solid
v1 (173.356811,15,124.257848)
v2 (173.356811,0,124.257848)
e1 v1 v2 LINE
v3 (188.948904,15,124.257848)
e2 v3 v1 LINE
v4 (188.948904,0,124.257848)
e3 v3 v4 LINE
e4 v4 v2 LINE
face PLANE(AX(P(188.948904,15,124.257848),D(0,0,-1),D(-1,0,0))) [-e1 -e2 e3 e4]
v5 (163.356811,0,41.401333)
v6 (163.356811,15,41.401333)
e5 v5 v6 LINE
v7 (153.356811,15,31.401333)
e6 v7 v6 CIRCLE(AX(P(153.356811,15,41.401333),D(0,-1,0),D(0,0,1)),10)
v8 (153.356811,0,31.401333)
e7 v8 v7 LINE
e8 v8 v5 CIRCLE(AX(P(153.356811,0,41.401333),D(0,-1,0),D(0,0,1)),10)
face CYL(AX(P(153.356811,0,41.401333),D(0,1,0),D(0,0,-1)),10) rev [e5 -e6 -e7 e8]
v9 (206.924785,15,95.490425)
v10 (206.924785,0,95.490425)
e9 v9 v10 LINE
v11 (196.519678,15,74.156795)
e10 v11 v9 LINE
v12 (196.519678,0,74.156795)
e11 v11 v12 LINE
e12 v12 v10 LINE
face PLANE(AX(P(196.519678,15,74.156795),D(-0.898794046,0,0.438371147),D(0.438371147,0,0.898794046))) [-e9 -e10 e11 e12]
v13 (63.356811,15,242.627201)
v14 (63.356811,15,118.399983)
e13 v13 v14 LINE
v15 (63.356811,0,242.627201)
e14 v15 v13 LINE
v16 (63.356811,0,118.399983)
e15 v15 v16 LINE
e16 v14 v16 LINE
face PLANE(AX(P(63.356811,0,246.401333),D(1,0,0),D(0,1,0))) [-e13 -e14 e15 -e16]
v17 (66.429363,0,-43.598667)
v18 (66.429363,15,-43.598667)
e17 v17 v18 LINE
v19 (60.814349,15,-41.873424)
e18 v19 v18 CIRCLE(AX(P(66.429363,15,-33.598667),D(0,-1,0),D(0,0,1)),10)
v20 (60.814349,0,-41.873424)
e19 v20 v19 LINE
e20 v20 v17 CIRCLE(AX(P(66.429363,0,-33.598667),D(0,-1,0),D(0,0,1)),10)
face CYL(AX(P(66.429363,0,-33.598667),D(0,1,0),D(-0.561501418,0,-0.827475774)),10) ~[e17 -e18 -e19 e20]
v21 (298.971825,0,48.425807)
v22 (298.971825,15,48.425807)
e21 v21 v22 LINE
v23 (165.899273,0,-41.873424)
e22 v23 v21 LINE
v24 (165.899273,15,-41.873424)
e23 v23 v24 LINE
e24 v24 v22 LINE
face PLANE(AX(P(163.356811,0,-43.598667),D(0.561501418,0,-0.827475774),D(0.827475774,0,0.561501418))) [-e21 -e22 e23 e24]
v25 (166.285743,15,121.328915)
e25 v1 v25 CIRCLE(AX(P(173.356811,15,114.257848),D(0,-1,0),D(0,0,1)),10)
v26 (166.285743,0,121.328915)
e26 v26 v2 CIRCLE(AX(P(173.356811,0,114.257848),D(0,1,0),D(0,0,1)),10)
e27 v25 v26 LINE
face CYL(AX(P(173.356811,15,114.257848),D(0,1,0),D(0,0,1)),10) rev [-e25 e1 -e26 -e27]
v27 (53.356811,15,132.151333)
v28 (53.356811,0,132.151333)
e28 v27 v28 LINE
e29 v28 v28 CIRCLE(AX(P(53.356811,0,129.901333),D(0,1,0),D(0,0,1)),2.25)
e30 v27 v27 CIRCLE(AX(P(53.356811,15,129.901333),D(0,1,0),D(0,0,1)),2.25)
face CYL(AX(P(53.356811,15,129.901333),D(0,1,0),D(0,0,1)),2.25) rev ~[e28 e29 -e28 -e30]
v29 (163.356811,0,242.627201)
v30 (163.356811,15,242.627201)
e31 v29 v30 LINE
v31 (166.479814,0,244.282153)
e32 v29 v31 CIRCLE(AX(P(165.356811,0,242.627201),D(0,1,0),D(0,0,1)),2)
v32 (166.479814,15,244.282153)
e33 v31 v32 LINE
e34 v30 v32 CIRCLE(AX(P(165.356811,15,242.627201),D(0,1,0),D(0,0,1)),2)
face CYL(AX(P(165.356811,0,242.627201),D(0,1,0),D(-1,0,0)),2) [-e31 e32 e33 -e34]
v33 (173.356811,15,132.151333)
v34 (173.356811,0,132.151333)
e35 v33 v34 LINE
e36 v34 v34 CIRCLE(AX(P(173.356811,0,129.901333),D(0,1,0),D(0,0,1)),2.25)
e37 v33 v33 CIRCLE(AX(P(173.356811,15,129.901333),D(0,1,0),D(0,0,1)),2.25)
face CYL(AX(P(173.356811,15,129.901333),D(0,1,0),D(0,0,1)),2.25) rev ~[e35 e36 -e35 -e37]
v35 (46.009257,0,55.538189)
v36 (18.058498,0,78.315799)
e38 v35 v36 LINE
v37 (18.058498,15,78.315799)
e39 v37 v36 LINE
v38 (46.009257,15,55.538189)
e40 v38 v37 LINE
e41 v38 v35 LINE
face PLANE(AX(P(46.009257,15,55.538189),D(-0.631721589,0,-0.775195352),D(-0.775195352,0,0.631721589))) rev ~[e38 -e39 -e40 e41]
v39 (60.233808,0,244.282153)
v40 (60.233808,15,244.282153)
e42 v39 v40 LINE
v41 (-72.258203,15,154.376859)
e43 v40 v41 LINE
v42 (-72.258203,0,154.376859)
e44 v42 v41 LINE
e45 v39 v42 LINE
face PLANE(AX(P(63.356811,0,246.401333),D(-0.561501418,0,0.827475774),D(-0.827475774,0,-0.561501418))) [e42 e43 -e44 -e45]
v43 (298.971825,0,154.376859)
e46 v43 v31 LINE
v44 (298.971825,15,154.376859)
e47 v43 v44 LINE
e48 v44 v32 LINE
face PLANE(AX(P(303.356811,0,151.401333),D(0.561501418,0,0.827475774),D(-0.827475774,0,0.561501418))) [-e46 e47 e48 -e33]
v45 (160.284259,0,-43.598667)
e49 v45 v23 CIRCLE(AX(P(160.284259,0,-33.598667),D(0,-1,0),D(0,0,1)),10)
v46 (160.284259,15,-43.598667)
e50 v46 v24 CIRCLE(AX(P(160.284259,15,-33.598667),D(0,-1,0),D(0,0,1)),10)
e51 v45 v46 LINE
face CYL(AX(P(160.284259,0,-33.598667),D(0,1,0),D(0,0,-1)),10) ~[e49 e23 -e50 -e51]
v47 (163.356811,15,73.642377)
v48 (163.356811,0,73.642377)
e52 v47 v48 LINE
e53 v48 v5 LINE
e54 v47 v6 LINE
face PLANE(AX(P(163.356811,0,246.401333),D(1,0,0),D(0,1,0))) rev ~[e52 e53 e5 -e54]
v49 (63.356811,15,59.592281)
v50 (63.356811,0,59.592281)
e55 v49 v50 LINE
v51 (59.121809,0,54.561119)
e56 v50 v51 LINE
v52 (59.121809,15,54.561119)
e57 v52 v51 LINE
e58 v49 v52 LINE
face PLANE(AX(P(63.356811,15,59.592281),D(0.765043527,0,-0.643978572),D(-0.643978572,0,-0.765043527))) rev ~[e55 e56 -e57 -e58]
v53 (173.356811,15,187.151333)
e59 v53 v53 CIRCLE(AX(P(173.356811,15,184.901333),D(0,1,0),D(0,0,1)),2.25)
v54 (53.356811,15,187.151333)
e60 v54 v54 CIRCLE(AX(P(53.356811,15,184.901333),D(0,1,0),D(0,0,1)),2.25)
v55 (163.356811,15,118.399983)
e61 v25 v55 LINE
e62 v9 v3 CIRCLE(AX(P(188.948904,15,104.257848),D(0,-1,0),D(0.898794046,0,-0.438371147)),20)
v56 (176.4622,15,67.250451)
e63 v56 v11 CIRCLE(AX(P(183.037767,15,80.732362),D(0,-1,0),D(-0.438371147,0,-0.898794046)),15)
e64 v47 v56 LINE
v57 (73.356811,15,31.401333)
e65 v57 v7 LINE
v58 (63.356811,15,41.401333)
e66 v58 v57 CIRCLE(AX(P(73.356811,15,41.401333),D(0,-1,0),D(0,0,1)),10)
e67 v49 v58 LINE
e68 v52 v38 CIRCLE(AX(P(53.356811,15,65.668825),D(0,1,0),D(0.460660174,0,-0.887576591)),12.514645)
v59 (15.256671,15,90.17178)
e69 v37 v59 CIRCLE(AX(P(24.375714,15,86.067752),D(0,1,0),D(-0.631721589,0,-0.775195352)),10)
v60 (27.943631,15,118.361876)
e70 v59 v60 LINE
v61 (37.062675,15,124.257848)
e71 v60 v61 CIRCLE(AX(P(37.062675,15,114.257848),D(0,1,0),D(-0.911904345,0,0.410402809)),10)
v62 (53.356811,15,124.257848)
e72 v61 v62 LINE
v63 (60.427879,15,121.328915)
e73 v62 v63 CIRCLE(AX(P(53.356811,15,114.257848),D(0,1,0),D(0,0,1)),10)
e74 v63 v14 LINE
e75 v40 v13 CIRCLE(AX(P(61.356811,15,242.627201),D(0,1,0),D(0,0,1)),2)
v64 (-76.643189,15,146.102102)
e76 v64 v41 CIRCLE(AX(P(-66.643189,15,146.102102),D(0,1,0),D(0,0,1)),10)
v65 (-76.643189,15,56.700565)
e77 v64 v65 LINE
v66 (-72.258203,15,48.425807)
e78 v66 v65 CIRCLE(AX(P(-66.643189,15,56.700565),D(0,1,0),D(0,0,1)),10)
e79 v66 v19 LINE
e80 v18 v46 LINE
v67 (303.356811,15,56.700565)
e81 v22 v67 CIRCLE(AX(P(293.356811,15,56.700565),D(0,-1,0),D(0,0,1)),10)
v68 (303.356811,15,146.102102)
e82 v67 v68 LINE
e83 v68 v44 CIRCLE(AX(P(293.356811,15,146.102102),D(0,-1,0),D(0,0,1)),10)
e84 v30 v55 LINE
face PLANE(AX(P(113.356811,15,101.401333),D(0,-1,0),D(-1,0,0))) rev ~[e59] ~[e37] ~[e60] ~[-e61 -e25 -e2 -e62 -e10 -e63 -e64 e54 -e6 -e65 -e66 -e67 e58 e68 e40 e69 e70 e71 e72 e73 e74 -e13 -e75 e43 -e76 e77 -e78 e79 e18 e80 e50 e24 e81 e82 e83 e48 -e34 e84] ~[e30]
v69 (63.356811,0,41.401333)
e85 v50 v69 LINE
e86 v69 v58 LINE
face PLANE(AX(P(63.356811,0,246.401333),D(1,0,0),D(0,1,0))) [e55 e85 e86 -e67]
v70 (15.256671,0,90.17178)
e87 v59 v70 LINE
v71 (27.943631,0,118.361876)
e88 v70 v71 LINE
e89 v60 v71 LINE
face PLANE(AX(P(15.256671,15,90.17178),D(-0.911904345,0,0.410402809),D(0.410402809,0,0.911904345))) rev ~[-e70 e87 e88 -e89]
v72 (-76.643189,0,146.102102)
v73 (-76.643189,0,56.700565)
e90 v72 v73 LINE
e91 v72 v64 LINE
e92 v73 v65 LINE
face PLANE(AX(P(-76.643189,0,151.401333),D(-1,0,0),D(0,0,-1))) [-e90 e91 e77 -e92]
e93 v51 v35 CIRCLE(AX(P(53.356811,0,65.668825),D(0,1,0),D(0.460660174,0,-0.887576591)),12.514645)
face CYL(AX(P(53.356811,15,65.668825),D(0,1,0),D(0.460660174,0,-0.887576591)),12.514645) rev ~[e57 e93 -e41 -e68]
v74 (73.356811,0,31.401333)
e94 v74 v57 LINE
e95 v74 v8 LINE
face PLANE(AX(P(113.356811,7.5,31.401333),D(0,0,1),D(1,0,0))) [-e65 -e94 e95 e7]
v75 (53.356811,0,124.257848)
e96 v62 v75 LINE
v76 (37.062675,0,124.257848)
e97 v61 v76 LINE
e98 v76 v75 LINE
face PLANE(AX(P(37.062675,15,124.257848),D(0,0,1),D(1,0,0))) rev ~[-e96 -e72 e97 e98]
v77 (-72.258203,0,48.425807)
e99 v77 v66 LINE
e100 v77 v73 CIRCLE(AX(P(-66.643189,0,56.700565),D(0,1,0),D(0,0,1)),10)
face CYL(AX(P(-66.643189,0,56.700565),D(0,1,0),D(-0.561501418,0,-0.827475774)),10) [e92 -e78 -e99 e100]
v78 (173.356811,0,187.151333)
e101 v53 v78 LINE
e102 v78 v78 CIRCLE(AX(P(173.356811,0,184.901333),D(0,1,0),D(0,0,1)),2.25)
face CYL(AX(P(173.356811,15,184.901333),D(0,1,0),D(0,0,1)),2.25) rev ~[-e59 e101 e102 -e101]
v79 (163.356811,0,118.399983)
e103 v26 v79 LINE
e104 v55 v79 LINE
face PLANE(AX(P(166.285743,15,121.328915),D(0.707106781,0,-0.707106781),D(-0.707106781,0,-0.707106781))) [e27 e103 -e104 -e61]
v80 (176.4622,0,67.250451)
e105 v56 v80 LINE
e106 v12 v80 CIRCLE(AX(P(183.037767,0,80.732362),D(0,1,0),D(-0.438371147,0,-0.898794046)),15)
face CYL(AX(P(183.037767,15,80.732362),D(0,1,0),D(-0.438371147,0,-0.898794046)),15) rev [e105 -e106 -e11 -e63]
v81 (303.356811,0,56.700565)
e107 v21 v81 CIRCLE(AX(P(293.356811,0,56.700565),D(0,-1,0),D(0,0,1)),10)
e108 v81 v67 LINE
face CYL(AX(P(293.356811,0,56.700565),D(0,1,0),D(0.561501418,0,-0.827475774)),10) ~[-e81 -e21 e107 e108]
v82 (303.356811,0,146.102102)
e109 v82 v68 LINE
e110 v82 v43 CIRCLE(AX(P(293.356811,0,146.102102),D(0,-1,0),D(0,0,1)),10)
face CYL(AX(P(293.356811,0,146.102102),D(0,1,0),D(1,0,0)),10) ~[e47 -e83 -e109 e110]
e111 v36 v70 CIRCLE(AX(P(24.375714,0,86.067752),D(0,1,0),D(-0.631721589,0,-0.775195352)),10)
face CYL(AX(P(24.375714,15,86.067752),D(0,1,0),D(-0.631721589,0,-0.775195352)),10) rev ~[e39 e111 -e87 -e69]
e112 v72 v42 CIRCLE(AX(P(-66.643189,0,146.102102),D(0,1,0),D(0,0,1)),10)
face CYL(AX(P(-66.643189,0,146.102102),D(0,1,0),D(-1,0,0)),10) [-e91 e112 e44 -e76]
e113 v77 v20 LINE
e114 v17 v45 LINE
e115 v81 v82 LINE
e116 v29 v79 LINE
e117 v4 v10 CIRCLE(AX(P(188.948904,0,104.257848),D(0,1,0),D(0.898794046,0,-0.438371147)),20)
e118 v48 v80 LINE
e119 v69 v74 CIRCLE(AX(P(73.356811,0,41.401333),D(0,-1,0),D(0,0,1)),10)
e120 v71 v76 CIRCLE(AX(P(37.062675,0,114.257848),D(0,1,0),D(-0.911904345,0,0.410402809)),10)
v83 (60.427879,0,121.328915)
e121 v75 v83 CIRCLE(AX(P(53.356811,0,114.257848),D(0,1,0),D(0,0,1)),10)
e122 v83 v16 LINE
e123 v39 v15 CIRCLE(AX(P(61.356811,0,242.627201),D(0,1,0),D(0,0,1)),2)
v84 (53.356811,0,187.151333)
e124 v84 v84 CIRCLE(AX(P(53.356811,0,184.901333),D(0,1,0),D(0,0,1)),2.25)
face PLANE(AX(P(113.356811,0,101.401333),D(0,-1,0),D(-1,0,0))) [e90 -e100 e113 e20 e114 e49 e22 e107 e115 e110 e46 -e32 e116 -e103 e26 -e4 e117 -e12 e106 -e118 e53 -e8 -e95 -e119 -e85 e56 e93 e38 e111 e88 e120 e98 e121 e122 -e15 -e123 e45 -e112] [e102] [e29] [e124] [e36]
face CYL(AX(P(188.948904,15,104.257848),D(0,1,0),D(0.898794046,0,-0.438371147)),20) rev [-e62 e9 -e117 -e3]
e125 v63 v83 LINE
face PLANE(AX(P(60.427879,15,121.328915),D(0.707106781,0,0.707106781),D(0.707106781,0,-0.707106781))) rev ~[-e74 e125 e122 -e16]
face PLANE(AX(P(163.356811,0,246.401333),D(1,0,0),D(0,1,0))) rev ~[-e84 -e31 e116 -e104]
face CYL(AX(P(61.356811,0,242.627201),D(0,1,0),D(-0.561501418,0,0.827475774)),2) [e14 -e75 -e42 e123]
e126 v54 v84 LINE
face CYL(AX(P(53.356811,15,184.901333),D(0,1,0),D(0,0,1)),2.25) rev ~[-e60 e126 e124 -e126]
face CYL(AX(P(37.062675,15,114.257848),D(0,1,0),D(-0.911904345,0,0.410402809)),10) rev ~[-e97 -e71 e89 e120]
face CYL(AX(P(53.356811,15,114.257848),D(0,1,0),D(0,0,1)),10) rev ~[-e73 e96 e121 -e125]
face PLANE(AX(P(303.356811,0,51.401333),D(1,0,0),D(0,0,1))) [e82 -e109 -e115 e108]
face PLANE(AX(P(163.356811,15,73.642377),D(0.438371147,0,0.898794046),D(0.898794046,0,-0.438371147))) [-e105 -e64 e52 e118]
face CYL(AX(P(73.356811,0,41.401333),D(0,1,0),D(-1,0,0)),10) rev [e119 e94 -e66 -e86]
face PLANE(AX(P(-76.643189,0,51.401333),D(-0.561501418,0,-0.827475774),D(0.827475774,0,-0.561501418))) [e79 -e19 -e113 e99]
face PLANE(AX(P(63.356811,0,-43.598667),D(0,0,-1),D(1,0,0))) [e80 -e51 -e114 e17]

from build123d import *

# Parameters (mm, degrees)
BOSS_EXTRU_1_DEPTH       = 15
ESQUISSE6_W              = 100
ESQUISSE6_H              = 15
ENL_V_MAT_EXTRU_1_DEPTH  = 215
ENL_V_MAT_EXTRU_10_REACH = 393.106
ESQUISSE11_R             = 2.25
ENL_V_MAT_EXTRU_11_REACH = 393.106
ESQUISSE8_R              = 2.25
CONG_10_R                = 10
CONG_11_R                = 2
ENL_V_MAT_EXTRU_12_REACH = 391.991


with BuildPart() as part:
    # Esquisse1 → Boss.-Extru.1 (new body)
    with BuildSketch(Plane(origin=(0, 0, 0), x_dir=(1, 0, 0), z_dir=(0, 1, 0))):
        Polygon((-76.643189126, -51.401333399), (63.356810874, 43.598666601), (163.356810874, 43.598666601), (303.356810874, -51.401333399), (303.356810874, -151.401333399), (163.356810874, -246.401333399), (63.356810874, -246.401333399), (-76.643189126, -151.401333399), align=None)
    extrude(amount=BOSS_EXTRU_1_DEPTH)

    # Esquisse6 → Enlèv. mat.-Extru.1 (cut)
    with BuildSketch(Plane.XY.offset(246.401333399)):
        with Locations((113.356810874, 7.5)):
            Rectangle(ESQUISSE6_W, ESQUISSE6_H)
    extrude(amount=-ENL_V_MAT_EXTRU_1_DEPTH, mode=Mode.SUBTRACT)

    # Esquisse11 → Enlèv. mat.-Extru.10 (cut, up to next)
    with BuildSketch(Plane(origin=(0, 15, 0), x_dir=(1, 0, 0), z_dir=(0, 1, 0)), mode=Mode.PRIVATE) as enl_v_mat_extru_10_sk1:
        with Locations(Location((53.356810874, -129.901333399, 0), (0, 0, 270))):
            Circle(ESQUISSE11_R)
    enl_v_mat_extru_10_tool1 = extrude(enl_v_mat_extru_10_sk1.sketch, amount=-ENL_V_MAT_EXTRU_10_REACH, mode=Mode.PRIVATE) & part.part
    # Esquisse11 → Enlèv. mat.-Extru.10 (cut, up to next)
    with BuildSketch(Plane(origin=(0, 15, 0), x_dir=(1, 0, 0), z_dir=(0, 1, 0)), mode=Mode.PRIVATE) as enl_v_mat_extru_10_sk2:
        with Locations(Location((53.356810874, -184.901333399, 0), (0, 0, 270))):
            Circle(ESQUISSE11_R)
    enl_v_mat_extru_10_tool2 = extrude(enl_v_mat_extru_10_sk2.sketch, amount=-ENL_V_MAT_EXTRU_10_REACH, mode=Mode.PRIVATE) & part.part
    # Esquisse11 → Enlèv. mat.-Extru.10 (cut, up to next)
    with BuildSketch(Plane(origin=(0, 15, 0), x_dir=(1, 0, 0), z_dir=(0, 1, 0)), mode=Mode.PRIVATE) as enl_v_mat_extru_10_sk3:
        with Locations(Location((173.356810874, -129.901333399, 0), (0, 0, 270))):
            Circle(ESQUISSE11_R)
    enl_v_mat_extru_10_tool3 = extrude(enl_v_mat_extru_10_sk3.sketch, amount=-ENL_V_MAT_EXTRU_10_REACH, mode=Mode.PRIVATE) & part.part
    # Esquisse11 → Enlèv. mat.-Extru.10 (cut, up to next)
    with BuildSketch(Plane(origin=(0, 15, 0), x_dir=(1, 0, 0), z_dir=(0, 1, 0)), mode=Mode.PRIVATE) as enl_v_mat_extru_10_sk4:
        with Locations(Location((173.356810874, -184.901333399, 0), (0, 0, 270))):
            Circle(ESQUISSE11_R)
    enl_v_mat_extru_10_tool4 = extrude(enl_v_mat_extru_10_sk4.sketch, amount=-ENL_V_MAT_EXTRU_10_REACH, mode=Mode.PRIVATE) & part.part
    add(enl_v_mat_extru_10_tool1.solids().sort_by_distance((53.356811, 15, 129.901333))[0], mode=Mode.SUBTRACT)
    add(enl_v_mat_extru_10_tool2.solids().sort_by_distance((53.356811, 15, 184.901333))[0], mode=Mode.SUBTRACT)
    add(enl_v_mat_extru_10_tool3.solids().sort_by_distance((173.356811, 15, 129.901333))[0], mode=Mode.SUBTRACT)
    add(enl_v_mat_extru_10_tool4.solids().sort_by_distance((173.356811, 15, 184.901333))[0], mode=Mode.SUBTRACT)

    # Esquisse8 → Enlèv. mat.-Extru.11 (cut, up to next)
    with BuildSketch(Plane(origin=(0, 15, 0), x_dir=(1, 0, 0), z_dir=(0, 1, 0)), mode=Mode.PRIVATE) as enl_v_mat_extru_11_sk1:
        with Locations(Location((180.356810874, -120.901333399, 0), (0, 0, 270))):
            Circle(ESQUISSE8_R)
    enl_v_mat_extru_11_tool1 = extrude(enl_v_mat_extru_11_sk1.sketch, amount=-ENL_V_MAT_EXTRU_11_REACH, mode=Mode.PRIVATE) & part.part
    # Esquisse8 → Enlèv. mat.-Extru.11 (cut, up to next)
    with BuildSketch(Plane(origin=(0, 15, 0), x_dir=(1, 0, 0), z_dir=(0, 1, 0)), mode=Mode.PRIVATE) as enl_v_mat_extru_11_sk2:
        with Locations(Location((180.356810874, -81.901333399, 0), (0, 0, 270))):
            Circle(ESQUISSE8_R)
    enl_v_mat_extru_11_tool2 = extrude(enl_v_mat_extru_11_sk2.sketch, amount=-ENL_V_MAT_EXTRU_11_REACH, mode=Mode.PRIVATE) & part.part
    # Esquisse8 → Enlèv. mat.-Extru.11 (cut, up to next)
    with BuildSketch(Plane(origin=(0, 15, 0), x_dir=(1, 0, 0), z_dir=(0, 1, 0)), mode=Mode.PRIVATE) as enl_v_mat_extru_11_sk3:
        with Locations(Location((46.356810874, -120.901333399, 0), (0, 0, 270))):
            Circle(ESQUISSE8_R)
    enl_v_mat_extru_11_tool3 = extrude(enl_v_mat_extru_11_sk3.sketch, amount=-ENL_V_MAT_EXTRU_11_REACH, mode=Mode.PRIVATE) & part.part
    # Esquisse8 → Enlèv. mat.-Extru.11 (cut, up to next)
    with BuildSketch(Plane(origin=(0, 15, 0), x_dir=(1, 0, 0), z_dir=(0, 1, 0)), mode=Mode.PRIVATE) as enl_v_mat_extru_11_sk4:
        with Locations(Location((46.356810874, -81.901333399, 0), (0, 0, 270))):
            Circle(ESQUISSE8_R)
    enl_v_mat_extru_11_tool4 = extrude(enl_v_mat_extru_11_sk4.sketch, amount=-ENL_V_MAT_EXTRU_11_REACH, mode=Mode.PRIVATE) & part.part
    add(enl_v_mat_extru_11_tool1.solids().sort_by_distance((180.356811, 15, 120.901333))[0], mode=Mode.SUBTRACT)
    add(enl_v_mat_extru_11_tool2.solids().sort_by_distance((180.356811, 15, 81.901333))[0], mode=Mode.SUBTRACT)
    add(enl_v_mat_extru_11_tool3.solids().sort_by_distance((46.356811, 15, 120.901333))[0], mode=Mode.SUBTRACT)
    add(enl_v_mat_extru_11_tool4.solids().sort_by_distance((46.356811, 15, 81.901333))[0], mode=Mode.SUBTRACT)

    # Congé10
    cong_10_edges = [part.edges().sort_by_distance(p)[0] for p in [
        (-76.643189126, 7.5, 51.401333399),
        (63.356810874, 7.5, -43.598666601),
        (163.356810874, 7.5, -43.598666601),
        (303.356810874, 7.5, 51.401333399),
        (303.356810874, 7.5, 151.401333399),
        (-76.643189126, 7.5, 151.401333399),
        (63.356810874, 7.5, 31.401333399),
        (163.356810874, 7.5, 31.401333399),
    ]]
    fillet(cong_10_edges, radius=CONG_10_R)

    # Congé11
    cong_11_edges = [part.edges().sort_by_distance(p)[0] for p in [
        (163.356810874, 7.5, 246.401333399),
        (63.356810874, 7.5, 246.401333399),
    ]]
    fillet(cong_11_edges, radius=CONG_11_R)

    # Esquisse12 → Enlèv. mat.-Extru.12 (cut, up to next)
    with BuildSketch(Plane(origin=(0, 15, 0), x_dir=(1, 0, 0), z_dir=(0, 1, 0)), mode=Mode.PRIVATE) as enl_v_mat_extru_12_sk1:
        with BuildLine():
            Line((46.009256573, -55.538188752), (18.058498347, -78.315798735))
            ThreePointArc((18.058498347, -78.315798735), (14.643777091, -83.767882822), (15.256670784, -90.171780344))
            Line((15.256670784, -90.171780344), (27.943631129, -118.361875593))
            ThreePointArc((27.943631129, -118.361875593), (31.633138728, -122.655474578), (37.06267458, -124.257847507))
            Line((37.06267458, -124.257847507), (53.356810874, -124.257847507))
            ThreePointArc((53.356810874, -124.257847507), (57.183645198, -123.496642832), (60.427878686, -121.328915318))
            Line((60.427878686, -121.328915318), (63.356810874, -118.39998313))
            Line((63.356810874, -118.39998313), (63.356810874, -59.592280682))
            Line((63.356810874, -59.592280682), (59.121809419, -54.561118788))
            ThreePointArc((59.121809419, -54.561118788), (52.42687157, -53.188778562), (46.009256573, -55.538188752))
        make_face()
    enl_v_mat_extru_12_tool1 = extrude(enl_v_mat_extru_12_sk1.sketch, amount=-ENL_V_MAT_EXTRU_12_REACH, mode=Mode.PRIVATE) & part.part
    # Esquisse12 → Enlèv. mat.-Extru.12 (cut, up to next)
    with BuildSketch(Plane(origin=(0, 15, 0), x_dir=(1, 0, 0), z_dir=(0, 1, 0)), mode=Mode.PRIVATE) as enl_v_mat_extru_12_sk2:
        with BuildLine():
            Line((166.285743062, -121.328915318), (163.356810874, -118.39998313))
            Line((163.356810874, -118.39998313), (163.356810874, -73.642376596))
            Line((163.356810874, -73.642376596), (176.462200108, -67.250451181))
            ThreePointArc((176.462200108, -67.250451181), (187.921289626, -66.549583242), (196.519678004, -74.156794674))
            Line((196.519678004, -74.156794674), (206.924784537, -95.490424571))
            ThreePointArc((206.924784537, -95.490424571), (205.909865534, -114.856232791), (188.948903611, -124.257847507))
            Line((188.948903611, -124.257847507), (173.356810874, -124.257847507))
            ThreePointArc((173.356810874, -124.257847507), (169.529976551, -123.496642832), (166.285743062, -121.328915318))
        make_face()
    enl_v_mat_extru_12_tool2 = extrude(enl_v_mat_extru_12_sk2.sketch, amount=-ENL_V_MAT_EXTRU_12_REACH, mode=Mode.PRIVATE) & part.part
    add(enl_v_mat_extru_12_tool1.solids().sort_by_distance((43.070441, 15, 90.852572))[0], mode=Mode.SUBTRACT)
    add(enl_v_mat_extru_12_tool2.solids().sort_by_distance((183.873626, 15, 97.045657))[0], mode=Mode.SUBTRACT)


solid = part.part
